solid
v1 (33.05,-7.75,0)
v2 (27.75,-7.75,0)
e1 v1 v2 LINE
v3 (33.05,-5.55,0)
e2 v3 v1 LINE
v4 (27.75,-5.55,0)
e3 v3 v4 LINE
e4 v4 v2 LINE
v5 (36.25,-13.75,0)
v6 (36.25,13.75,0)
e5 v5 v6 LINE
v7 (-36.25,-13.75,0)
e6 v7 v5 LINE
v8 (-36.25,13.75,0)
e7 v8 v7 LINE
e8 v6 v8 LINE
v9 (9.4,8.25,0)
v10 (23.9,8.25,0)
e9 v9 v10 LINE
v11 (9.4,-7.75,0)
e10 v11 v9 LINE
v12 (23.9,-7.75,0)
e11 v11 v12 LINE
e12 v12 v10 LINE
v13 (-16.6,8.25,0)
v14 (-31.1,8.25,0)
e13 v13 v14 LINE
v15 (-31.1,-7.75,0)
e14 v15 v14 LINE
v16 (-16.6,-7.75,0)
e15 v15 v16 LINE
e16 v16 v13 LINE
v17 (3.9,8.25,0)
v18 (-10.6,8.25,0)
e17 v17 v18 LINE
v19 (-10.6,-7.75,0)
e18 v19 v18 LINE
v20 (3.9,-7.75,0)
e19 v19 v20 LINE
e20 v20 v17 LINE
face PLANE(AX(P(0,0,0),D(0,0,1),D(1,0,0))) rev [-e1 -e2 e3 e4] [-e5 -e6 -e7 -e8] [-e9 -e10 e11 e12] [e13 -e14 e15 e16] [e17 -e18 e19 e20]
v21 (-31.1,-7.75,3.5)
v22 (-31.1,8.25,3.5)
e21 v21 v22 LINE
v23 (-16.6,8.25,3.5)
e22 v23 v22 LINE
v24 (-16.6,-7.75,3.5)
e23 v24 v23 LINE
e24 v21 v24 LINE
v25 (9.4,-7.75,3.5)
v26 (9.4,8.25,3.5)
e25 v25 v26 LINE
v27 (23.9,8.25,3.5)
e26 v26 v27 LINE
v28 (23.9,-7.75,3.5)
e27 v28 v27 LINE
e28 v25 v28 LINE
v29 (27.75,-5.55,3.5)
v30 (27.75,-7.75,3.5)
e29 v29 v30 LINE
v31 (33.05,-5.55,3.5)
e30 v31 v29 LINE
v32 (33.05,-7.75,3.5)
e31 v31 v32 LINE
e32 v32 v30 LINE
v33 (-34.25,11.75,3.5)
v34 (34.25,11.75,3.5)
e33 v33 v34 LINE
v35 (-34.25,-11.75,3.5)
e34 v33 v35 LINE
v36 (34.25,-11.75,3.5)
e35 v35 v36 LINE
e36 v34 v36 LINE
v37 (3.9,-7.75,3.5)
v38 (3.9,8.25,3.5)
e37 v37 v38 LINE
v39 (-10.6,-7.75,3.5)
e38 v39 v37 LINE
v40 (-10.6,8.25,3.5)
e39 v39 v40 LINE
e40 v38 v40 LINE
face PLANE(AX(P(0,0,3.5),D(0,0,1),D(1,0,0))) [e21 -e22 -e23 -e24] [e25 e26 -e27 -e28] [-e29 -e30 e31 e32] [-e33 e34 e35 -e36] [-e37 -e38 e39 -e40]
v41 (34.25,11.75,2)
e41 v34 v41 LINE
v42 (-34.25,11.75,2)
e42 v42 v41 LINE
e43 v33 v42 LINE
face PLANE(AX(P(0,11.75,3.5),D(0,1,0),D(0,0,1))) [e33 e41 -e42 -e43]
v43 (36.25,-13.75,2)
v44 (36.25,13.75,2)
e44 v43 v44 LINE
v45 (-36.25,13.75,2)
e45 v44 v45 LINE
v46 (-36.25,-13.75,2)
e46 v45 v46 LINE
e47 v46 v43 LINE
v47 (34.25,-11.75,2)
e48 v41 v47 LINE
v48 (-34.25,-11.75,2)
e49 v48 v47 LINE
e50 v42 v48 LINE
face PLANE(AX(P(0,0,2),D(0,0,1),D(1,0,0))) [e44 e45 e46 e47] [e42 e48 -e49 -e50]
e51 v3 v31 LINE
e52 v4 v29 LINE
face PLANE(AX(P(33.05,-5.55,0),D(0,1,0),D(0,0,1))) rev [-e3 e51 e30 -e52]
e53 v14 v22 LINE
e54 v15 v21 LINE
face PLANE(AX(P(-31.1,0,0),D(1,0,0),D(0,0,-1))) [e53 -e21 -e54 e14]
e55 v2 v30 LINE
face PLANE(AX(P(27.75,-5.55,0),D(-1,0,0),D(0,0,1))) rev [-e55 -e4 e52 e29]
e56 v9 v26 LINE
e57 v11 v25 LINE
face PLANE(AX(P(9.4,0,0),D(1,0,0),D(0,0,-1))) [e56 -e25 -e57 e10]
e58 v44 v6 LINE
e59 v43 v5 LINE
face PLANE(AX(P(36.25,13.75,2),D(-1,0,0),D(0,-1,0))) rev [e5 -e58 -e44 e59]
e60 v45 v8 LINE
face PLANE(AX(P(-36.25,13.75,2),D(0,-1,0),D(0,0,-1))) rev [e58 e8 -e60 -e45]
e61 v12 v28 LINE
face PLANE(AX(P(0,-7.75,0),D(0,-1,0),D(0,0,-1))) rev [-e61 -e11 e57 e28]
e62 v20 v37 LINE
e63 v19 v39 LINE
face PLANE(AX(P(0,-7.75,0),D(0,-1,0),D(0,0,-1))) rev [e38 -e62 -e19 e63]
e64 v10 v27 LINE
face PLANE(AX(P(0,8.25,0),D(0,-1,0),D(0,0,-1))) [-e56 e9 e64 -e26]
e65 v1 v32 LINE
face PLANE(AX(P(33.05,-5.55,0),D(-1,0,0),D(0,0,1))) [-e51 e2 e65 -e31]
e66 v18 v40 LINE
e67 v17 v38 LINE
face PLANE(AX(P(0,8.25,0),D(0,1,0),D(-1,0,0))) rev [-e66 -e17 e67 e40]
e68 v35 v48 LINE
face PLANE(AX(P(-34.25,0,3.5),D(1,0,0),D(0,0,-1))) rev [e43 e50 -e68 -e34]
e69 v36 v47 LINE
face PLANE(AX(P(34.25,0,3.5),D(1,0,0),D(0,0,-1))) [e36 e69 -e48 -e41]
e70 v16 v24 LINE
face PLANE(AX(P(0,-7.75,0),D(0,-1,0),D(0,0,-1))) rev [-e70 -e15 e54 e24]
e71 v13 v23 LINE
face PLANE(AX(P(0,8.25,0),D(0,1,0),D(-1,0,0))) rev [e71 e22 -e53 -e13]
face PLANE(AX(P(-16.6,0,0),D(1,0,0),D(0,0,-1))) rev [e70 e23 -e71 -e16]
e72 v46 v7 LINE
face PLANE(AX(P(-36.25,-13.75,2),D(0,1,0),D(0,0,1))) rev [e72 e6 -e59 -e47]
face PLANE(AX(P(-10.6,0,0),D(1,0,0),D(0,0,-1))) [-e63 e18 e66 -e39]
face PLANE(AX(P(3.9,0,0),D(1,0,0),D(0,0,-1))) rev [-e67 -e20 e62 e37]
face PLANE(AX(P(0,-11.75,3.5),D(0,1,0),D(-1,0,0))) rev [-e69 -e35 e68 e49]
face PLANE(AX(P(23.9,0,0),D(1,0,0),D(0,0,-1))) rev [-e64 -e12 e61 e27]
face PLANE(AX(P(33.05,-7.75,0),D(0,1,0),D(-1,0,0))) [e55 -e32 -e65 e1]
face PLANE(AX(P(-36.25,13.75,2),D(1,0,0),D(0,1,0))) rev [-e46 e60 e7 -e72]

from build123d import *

# Parameters (mm, degrees)
SKICA1_W                 = 72.5
SKICA1_H                 = 27.5
P_IDAT_VYSUNUT_M1_DEPTH  = 2
SKICA2_W                 = 68.5
SKICA2_H                 = 23.5
P_IDAT_VYSUNUT_M2_DEPTH  = 1.5
SKICA3_W                 = 14.5
SKICA3_H                 = 16
SKICA3_W_2               = 5.3
SKICA3_H_2               = 2.2
ODEBRAT_VYSUNUT_M1_DEPTH = 39.927817817


with BuildPart() as part:
    # Skica1 → Přidat vysunutím1 (new body)
    with BuildSketch(Plane.XY):
        Rectangle(SKICA1_W, SKICA1_H)
    extrude(amount=P_IDAT_VYSUNUT_M1_DEPTH)

    # Skica2 → Přidat vysunutím2 (add)
    with BuildSketch(Plane.XY.offset(2)):
        Rectangle(SKICA2_W, SKICA2_H)
    extrude(amount=P_IDAT_VYSUNUT_M2_DEPTH)

    # Skica3 → Odebrat vysunutím1 (cut, through all)
    with BuildSketch(Plane.XY.offset(3.5)):
        with Locations((16.65, 0.25)):
            Rectangle(SKICA3_W, SKICA3_H)
        with Locations((-3.35, 0.25)):
            Rectangle(SKICA3_W, SKICA3_H)
        with Locations((-23.85, 0.25)):
            Rectangle(SKICA3_W, SKICA3_H)
        with Locations((30.4, -6.65)):
            Rectangle(SKICA3_W_2, SKICA3_H_2)
    extrude(amount=-ODEBRAT_VYSUNUT_M1_DEPTH, mode=Mode.SUBTRACT)


solid = part.part
